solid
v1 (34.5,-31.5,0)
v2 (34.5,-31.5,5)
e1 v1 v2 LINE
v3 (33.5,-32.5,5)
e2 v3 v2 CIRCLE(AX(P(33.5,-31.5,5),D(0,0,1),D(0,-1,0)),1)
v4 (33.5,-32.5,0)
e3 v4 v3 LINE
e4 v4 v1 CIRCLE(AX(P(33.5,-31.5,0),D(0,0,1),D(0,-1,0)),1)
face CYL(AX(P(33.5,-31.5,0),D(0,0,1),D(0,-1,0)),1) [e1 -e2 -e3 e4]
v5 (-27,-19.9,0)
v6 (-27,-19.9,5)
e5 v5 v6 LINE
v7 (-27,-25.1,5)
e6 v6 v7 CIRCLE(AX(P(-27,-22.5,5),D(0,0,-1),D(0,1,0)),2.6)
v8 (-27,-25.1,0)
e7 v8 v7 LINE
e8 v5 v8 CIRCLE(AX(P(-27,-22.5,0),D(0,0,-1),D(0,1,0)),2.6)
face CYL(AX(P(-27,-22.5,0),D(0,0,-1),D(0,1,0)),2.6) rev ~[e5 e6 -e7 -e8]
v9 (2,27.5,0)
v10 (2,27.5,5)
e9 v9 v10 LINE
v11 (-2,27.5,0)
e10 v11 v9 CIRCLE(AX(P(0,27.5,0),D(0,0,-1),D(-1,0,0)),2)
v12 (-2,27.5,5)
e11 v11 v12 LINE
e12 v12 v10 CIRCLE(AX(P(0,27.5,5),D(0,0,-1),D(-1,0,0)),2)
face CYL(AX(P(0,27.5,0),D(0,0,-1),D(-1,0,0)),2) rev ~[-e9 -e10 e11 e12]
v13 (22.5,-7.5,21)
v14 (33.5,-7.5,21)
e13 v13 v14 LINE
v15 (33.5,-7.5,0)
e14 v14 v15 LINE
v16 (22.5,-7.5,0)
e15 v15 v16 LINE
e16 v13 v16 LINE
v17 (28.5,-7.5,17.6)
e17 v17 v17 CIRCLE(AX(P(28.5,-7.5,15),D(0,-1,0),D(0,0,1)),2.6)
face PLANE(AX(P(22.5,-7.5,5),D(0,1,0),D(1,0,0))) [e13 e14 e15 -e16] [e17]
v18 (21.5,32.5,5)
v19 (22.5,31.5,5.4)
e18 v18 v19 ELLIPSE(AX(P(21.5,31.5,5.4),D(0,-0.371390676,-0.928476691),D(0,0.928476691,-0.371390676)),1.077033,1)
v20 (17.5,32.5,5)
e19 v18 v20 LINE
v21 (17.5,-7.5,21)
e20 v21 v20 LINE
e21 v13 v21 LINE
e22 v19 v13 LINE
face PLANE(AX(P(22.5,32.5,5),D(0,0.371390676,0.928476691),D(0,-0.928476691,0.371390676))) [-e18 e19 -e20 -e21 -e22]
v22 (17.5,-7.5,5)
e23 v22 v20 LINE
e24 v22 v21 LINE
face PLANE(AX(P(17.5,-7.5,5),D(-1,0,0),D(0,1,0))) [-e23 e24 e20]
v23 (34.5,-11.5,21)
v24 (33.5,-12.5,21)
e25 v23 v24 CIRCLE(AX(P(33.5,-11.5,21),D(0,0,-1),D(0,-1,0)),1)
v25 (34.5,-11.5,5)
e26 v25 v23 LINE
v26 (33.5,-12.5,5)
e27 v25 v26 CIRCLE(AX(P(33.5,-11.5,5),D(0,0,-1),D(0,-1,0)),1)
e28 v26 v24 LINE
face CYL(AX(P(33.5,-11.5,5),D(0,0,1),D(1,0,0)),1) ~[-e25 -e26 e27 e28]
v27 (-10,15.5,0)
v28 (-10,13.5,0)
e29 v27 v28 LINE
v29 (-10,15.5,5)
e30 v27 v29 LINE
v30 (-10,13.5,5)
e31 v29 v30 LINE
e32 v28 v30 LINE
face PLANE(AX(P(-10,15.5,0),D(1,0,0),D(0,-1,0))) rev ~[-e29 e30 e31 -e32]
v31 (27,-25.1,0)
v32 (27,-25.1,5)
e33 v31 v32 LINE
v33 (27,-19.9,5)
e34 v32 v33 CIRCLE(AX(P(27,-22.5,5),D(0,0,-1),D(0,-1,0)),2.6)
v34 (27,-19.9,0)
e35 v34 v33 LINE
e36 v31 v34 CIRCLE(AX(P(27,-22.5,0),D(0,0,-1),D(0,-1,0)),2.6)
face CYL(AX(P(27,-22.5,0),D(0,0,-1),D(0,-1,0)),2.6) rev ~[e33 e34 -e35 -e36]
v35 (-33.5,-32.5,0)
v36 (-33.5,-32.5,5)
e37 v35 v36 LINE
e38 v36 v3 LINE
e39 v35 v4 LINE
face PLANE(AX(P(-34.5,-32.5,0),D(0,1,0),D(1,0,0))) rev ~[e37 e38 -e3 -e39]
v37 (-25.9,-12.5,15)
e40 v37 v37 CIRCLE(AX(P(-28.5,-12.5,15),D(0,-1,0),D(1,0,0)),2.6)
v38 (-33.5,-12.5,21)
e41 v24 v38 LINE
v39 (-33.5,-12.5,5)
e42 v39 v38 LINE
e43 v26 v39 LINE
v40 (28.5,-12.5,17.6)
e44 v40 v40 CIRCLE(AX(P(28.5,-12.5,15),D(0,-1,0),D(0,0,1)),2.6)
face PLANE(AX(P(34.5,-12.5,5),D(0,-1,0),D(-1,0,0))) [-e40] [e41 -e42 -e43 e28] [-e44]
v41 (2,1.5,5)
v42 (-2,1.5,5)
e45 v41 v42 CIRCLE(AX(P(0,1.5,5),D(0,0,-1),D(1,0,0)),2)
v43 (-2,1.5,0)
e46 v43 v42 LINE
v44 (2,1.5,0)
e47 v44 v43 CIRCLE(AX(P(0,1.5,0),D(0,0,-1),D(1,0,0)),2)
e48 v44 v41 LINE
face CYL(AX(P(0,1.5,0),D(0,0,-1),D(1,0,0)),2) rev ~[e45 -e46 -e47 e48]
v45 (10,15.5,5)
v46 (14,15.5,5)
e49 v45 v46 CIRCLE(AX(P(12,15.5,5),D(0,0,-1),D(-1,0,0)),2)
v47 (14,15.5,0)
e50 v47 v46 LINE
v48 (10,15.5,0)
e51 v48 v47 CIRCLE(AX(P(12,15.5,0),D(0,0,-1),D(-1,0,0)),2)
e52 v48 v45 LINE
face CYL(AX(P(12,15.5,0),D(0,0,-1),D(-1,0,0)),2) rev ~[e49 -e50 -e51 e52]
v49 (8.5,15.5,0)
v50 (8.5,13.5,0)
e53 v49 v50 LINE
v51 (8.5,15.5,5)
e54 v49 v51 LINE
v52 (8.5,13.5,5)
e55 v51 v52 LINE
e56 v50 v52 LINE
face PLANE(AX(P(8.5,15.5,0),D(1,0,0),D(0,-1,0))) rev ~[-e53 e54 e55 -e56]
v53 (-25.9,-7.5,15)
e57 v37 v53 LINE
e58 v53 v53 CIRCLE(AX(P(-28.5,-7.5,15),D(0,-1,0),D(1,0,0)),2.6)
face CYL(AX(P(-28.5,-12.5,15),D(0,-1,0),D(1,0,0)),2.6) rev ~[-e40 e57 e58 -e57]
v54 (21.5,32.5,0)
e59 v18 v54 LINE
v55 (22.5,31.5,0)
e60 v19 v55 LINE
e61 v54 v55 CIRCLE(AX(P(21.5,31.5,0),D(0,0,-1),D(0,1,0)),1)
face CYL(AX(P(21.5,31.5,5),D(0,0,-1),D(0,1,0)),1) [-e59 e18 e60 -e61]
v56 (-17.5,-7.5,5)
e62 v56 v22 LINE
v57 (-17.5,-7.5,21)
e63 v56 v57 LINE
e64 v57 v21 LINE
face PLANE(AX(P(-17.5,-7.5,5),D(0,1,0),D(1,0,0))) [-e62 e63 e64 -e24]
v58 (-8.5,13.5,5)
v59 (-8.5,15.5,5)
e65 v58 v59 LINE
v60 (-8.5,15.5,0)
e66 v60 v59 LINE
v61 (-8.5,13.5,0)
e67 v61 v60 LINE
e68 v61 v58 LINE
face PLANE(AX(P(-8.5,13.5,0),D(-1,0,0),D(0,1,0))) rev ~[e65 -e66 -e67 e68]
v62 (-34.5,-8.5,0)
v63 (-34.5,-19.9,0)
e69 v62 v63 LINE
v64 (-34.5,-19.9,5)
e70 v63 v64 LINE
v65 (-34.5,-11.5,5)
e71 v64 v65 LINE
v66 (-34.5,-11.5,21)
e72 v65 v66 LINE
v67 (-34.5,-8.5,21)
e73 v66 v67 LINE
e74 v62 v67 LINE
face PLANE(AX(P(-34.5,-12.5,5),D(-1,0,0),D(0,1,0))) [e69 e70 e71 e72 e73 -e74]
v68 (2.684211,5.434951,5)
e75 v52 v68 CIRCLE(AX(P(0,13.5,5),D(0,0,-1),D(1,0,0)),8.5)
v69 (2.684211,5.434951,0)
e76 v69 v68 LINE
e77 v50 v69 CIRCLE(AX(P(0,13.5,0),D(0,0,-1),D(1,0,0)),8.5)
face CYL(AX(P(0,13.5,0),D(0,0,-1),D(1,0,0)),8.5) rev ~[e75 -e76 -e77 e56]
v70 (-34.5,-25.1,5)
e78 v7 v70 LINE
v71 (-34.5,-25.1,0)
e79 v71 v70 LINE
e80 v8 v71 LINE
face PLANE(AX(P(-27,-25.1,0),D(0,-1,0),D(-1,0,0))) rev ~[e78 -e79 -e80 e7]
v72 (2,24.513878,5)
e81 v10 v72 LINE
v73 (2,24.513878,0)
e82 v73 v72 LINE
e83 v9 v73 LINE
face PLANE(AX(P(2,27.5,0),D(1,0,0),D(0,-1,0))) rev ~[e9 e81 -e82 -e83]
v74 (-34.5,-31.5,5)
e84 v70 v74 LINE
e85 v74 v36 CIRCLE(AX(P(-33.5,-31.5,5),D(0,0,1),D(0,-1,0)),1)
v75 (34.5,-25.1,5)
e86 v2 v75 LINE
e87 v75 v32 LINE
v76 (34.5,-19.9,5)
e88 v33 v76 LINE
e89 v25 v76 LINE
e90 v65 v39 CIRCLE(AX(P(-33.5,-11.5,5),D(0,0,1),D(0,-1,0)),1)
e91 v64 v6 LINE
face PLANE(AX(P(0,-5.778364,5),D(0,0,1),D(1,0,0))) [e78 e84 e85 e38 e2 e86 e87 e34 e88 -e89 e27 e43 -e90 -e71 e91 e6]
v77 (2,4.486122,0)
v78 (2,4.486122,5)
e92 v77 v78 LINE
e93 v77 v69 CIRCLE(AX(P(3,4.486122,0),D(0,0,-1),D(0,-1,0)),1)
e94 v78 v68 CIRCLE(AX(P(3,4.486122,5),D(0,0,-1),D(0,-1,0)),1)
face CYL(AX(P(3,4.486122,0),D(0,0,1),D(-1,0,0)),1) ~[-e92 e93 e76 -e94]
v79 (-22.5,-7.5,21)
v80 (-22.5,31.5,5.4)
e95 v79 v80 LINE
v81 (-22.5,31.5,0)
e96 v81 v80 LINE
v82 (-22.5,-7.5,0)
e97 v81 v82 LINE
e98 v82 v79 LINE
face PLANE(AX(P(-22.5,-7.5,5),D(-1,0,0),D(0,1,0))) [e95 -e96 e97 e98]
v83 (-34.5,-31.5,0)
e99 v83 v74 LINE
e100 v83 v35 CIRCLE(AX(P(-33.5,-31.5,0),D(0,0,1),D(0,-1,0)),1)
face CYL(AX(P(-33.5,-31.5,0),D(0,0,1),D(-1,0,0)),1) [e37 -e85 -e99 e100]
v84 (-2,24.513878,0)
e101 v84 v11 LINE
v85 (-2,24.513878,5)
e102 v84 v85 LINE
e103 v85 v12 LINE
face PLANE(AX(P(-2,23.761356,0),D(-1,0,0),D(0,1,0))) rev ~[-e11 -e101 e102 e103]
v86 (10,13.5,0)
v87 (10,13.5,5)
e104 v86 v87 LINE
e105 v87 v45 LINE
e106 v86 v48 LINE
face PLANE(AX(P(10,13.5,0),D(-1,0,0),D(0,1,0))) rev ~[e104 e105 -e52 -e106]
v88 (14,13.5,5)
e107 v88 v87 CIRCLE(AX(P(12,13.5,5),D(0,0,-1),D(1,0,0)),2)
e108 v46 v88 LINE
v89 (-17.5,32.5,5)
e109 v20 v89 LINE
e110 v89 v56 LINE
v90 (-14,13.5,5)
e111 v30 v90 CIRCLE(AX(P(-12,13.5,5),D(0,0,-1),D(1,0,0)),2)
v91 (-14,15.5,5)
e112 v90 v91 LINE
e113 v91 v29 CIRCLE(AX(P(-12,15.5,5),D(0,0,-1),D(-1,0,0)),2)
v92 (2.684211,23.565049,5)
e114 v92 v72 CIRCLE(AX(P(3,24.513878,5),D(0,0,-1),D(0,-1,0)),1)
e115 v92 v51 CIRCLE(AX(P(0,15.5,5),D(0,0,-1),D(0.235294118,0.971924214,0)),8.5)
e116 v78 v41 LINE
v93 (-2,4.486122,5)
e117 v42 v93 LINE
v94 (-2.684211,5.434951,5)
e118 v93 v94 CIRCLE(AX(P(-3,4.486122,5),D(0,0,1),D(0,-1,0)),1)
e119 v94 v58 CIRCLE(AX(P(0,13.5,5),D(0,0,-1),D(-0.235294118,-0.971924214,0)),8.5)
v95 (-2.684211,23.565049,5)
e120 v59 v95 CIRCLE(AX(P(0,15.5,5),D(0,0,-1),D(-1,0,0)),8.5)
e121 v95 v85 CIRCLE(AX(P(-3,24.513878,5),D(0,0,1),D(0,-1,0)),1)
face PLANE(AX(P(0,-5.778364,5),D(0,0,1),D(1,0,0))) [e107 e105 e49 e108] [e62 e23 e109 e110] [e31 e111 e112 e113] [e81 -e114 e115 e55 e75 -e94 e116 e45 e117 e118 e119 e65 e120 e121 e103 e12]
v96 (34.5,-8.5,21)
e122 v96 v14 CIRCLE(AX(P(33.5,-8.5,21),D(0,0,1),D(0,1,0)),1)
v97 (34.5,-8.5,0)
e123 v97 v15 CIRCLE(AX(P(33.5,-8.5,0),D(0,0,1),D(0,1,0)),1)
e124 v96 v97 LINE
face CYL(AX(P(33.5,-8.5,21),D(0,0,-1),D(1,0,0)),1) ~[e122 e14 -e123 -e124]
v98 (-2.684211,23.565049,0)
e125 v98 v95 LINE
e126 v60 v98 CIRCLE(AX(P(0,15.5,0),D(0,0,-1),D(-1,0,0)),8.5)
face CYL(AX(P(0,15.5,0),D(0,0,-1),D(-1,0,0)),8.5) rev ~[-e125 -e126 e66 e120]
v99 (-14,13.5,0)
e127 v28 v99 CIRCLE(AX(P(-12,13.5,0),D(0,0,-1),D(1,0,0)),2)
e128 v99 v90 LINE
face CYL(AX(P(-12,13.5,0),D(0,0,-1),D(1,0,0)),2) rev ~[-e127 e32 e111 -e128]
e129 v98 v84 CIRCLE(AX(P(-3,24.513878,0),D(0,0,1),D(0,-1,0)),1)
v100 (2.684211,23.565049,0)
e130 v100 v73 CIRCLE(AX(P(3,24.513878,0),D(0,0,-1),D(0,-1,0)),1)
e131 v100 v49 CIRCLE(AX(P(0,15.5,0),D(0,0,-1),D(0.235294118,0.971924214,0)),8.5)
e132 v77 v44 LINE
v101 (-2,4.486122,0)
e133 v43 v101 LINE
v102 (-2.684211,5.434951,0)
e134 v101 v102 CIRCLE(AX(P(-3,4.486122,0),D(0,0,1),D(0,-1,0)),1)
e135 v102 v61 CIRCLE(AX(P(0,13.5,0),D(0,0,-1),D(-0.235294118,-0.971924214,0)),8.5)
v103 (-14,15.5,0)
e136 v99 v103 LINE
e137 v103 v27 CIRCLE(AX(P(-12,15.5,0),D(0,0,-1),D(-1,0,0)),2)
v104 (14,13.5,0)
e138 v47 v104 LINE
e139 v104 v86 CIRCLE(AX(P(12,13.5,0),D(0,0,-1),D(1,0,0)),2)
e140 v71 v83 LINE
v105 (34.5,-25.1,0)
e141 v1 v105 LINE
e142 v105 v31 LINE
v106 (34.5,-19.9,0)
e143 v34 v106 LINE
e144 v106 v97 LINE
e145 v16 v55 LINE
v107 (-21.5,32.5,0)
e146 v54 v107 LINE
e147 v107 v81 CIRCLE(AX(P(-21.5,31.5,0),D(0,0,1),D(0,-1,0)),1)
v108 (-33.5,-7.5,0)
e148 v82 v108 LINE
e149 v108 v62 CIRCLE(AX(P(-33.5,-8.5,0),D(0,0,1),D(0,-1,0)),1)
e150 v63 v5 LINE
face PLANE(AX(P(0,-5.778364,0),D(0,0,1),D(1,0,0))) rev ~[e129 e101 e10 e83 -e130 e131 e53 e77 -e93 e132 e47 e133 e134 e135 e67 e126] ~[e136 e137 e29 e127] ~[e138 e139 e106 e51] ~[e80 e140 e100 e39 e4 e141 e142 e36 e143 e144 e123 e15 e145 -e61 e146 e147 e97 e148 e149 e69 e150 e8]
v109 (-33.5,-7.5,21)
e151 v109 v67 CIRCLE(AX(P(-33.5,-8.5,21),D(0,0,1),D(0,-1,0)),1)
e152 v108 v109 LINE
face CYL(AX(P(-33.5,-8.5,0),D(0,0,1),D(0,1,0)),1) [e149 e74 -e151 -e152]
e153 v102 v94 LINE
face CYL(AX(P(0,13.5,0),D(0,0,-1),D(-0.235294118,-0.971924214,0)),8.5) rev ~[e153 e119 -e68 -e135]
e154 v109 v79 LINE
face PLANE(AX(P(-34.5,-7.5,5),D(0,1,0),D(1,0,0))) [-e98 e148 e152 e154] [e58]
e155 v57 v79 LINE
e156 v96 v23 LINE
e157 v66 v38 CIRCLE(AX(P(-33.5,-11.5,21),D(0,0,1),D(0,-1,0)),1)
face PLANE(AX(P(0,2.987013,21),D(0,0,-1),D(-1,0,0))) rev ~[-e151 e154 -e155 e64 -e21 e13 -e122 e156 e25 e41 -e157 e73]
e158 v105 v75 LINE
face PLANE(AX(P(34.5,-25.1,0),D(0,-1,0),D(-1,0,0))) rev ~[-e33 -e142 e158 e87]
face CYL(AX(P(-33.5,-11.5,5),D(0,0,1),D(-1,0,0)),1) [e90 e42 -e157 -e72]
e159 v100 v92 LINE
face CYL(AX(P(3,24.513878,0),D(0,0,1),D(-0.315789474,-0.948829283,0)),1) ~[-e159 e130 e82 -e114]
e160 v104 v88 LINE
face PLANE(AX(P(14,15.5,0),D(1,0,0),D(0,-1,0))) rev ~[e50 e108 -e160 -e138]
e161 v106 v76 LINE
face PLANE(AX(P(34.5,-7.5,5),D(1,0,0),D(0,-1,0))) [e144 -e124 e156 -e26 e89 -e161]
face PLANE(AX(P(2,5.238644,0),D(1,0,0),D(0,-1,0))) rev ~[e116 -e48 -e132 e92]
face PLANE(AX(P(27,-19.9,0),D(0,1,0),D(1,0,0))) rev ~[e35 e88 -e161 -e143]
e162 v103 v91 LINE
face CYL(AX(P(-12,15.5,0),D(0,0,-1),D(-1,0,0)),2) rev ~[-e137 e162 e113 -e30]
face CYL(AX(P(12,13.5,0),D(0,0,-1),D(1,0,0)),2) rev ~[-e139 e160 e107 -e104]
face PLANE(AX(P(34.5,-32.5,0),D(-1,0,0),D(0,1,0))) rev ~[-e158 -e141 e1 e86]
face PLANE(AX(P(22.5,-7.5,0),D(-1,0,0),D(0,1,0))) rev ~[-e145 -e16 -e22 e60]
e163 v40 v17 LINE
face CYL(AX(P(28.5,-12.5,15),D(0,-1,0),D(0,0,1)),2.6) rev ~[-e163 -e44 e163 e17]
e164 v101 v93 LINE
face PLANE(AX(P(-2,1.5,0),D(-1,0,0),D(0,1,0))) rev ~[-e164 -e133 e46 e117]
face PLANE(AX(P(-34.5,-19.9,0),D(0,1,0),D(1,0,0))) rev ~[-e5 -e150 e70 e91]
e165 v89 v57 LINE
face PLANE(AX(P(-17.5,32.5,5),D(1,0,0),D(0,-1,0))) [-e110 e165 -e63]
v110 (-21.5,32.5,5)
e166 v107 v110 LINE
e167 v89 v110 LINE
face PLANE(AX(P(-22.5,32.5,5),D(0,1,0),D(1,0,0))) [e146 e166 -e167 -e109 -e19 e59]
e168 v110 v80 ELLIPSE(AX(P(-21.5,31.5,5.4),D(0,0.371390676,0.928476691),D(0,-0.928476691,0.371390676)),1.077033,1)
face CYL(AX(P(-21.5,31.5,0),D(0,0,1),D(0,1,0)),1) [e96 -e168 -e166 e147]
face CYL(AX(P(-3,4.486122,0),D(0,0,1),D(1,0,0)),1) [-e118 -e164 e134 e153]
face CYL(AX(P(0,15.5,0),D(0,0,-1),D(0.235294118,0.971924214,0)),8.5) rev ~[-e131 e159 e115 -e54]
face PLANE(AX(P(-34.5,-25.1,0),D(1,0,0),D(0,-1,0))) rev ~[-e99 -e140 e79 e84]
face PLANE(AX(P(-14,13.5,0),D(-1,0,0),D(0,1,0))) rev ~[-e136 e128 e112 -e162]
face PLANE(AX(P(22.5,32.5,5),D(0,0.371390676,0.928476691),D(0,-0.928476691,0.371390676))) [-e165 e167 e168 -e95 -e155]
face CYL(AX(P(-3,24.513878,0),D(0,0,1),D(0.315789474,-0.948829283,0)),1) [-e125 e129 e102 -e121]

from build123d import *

# Parameters (mm, degrees)
BOSS_EXTRUDE1_DEPTH = 5
BOSS_EXTRUDE2_DEPTH = 16
CUT_EXTRUDE1_DEPTH  = 69.893033029
SKETCH4_R           = 2.6
CUT_EXTRUDE2_DEPTH  = 16
FILLET1_R           = 1
FILLET2_R           = 1


with BuildPart() as part:
    # Sketch1 → Boss-Extrude1 (new body)
    with BuildSketch(Plane.XY):
        with BuildLine():
            Line((-34.5, -25.1), (-34.5, -32.5))
            Line((-34.5, -32.5), (34.5, -32.5))
            Line((34.5, -32.5), (34.5, -25.1))
            Line((34.5, -25.1), (27, -25.1))
            ThreePointArc((27, -25.1), (24.4, -22.5), (27, -19.9))
            Line((27, -19.9), (34.5, -19.9))
            Line((34.5, -19.9), (34.5, -7.5))
            Line((34.5, -7.5), (22.5, -7.5))
            Line((22.5, -7.5), (22.5, 32.5))
            Line((22.5, 32.5), (-22.5, 32.5))
            Line((-22.5, 32.5), (-22.5, -7.5))
            Line((-22.5, -7.5), (-34.5, -7.5))
            Line((-34.5, -7.5), (-34.5, -19.9))
            Line((-34.5, -19.9), (-27, -19.9))
            ThreePointArc((-27, -19.9), (-24.4, -22.5), (-27, -25.1))
            Line((-27, -25.1), (-34.5, -25.1))
        make_face()
        with BuildLine():
            ThreePointArc((-14, 15.5), (-12, 17.5), (-10, 15.5))
            Line((-10, 15.5), (-10, 13.5))
            ThreePointArc((-10, 13.5), (-12, 11.5), (-14, 13.5))
            Line((-14, 13.5), (-14, 15.5))
        make_face(mode=Mode.SUBTRACT)
        with BuildLine():
            ThreePointArc((-2, 27.5), (0, 29.5), (2, 27.5))
            Line((2, 27.5), (2, 23.761355821))
            ThreePointArc((2, 23.761355821), (6.680194608, 20.75594901), (8.5, 15.5))
            Line((8.5, 15.5), (8.5, 13.5))
            ThreePointArc((8.5, 13.5), (6.680194608, 8.24405099), (2, 5.238644179))
            Line((2, 5.238644179), (2, 1.5))
            ThreePointArc((2, 1.5), (0, -0.5), (-2, 1.5))
            Line((-2, 1.5), (-2, 5.238644179))
            ThreePointArc((-2, 5.238644179), (-6.680194608, 8.24405099), (-8.5, 13.5))
            Line((-8.5, 13.5), (-8.5, 15.5))
            ThreePointArc((-8.5, 15.5), (-6.680194608, 20.75594901), (-2, 23.761355821))
            Line((-2, 23.761355821), (-2, 27.5))
        make_face(mode=Mode.SUBTRACT)
        with BuildLine():
            Line((10, 13.5), (10, 15.5))
            ThreePointArc((10, 15.5), (12, 17.5), (14, 15.5))
            Line((14, 15.5), (14, 13.5))
            ThreePointArc((14, 13.5), (12, 11.5), (10, 13.5))
        make_face(mode=Mode.SUBTRACT)
    extrude(amount=BOSS_EXTRUDE1_DEPTH)

    # Sketch2 → Boss-Extrude2 (add)
    with BuildSketch(Plane.XY.offset(5)):
        Polygon((-22.5, 32.5), (-17.5, 32.5), (-17.5, -7.5), (17.5, -7.5), (17.5, 32.5), (22.5, 32.5), (22.5, -7.5), (34.5, -7.5), (34.5, -12.5), (-34.5, -12.5), (-34.5, -7.5), (-22.5, -7.5), align=None)
    extrude(amount=BOSS_EXTRUDE2_DEPTH)

    # Sketch3 → Cut-Extrude1 (cut, through all)
    with BuildSketch(Plane(origin=(22.5, 0, 0), x_dir=(0, 0, -1), z_dir=(1, 0, 0))):
        Polygon((-21, -7.5), (-21, 32.5), (-5, 32.5), align=None)
    extrude(amount=-CUT_EXTRUDE1_DEPTH, mode=Mode.SUBTRACT)

    # Sketch4 → Cut-Extrude2 (cut)
    with BuildSketch(Plane.XZ.offset(12.5)):
        with Locations((-28.5, 15)):
            Circle(SKETCH4_R)
        with Locations(Location((28.5, 15, 0), (0, 0, 90))):
            Circle(SKETCH4_R)
    extrude(amount=-CUT_EXTRUDE2_DEPTH, mode=Mode.SUBTRACT)

    # Fillet1
    fillet1_edges = [part.edges().sort_by_distance(p)[0] for p in [
        (-34.5, -12.5, 13),
        (34.5, -12.5, 13),
        (-22.5, 32.5, 2.5),
        (22.5, 32.5, 2.5),
        (34.5, -32.5, 2.5),
        (-34.5, -32.5, 2.5),
        (-34.5, -7.5, 10.5),
        (34.5, -7.5, 10.5),
    ]]
    fillet(fillet1_edges, radius=FILLET1_R)

    # Fillet2
    fillet2_edges = [part.edges().sort_by_distance(p)[0] for p in [
        (-2, 5.238644179, 2.5),
        (2, 5.238644179, 2.5),
        (2, 23.761355821, 2.5),
        (-2, 23.761355821, 2.5),
    ]]
    fillet(fillet2_edges, radius=FILLET2_R)


solid = part.part
